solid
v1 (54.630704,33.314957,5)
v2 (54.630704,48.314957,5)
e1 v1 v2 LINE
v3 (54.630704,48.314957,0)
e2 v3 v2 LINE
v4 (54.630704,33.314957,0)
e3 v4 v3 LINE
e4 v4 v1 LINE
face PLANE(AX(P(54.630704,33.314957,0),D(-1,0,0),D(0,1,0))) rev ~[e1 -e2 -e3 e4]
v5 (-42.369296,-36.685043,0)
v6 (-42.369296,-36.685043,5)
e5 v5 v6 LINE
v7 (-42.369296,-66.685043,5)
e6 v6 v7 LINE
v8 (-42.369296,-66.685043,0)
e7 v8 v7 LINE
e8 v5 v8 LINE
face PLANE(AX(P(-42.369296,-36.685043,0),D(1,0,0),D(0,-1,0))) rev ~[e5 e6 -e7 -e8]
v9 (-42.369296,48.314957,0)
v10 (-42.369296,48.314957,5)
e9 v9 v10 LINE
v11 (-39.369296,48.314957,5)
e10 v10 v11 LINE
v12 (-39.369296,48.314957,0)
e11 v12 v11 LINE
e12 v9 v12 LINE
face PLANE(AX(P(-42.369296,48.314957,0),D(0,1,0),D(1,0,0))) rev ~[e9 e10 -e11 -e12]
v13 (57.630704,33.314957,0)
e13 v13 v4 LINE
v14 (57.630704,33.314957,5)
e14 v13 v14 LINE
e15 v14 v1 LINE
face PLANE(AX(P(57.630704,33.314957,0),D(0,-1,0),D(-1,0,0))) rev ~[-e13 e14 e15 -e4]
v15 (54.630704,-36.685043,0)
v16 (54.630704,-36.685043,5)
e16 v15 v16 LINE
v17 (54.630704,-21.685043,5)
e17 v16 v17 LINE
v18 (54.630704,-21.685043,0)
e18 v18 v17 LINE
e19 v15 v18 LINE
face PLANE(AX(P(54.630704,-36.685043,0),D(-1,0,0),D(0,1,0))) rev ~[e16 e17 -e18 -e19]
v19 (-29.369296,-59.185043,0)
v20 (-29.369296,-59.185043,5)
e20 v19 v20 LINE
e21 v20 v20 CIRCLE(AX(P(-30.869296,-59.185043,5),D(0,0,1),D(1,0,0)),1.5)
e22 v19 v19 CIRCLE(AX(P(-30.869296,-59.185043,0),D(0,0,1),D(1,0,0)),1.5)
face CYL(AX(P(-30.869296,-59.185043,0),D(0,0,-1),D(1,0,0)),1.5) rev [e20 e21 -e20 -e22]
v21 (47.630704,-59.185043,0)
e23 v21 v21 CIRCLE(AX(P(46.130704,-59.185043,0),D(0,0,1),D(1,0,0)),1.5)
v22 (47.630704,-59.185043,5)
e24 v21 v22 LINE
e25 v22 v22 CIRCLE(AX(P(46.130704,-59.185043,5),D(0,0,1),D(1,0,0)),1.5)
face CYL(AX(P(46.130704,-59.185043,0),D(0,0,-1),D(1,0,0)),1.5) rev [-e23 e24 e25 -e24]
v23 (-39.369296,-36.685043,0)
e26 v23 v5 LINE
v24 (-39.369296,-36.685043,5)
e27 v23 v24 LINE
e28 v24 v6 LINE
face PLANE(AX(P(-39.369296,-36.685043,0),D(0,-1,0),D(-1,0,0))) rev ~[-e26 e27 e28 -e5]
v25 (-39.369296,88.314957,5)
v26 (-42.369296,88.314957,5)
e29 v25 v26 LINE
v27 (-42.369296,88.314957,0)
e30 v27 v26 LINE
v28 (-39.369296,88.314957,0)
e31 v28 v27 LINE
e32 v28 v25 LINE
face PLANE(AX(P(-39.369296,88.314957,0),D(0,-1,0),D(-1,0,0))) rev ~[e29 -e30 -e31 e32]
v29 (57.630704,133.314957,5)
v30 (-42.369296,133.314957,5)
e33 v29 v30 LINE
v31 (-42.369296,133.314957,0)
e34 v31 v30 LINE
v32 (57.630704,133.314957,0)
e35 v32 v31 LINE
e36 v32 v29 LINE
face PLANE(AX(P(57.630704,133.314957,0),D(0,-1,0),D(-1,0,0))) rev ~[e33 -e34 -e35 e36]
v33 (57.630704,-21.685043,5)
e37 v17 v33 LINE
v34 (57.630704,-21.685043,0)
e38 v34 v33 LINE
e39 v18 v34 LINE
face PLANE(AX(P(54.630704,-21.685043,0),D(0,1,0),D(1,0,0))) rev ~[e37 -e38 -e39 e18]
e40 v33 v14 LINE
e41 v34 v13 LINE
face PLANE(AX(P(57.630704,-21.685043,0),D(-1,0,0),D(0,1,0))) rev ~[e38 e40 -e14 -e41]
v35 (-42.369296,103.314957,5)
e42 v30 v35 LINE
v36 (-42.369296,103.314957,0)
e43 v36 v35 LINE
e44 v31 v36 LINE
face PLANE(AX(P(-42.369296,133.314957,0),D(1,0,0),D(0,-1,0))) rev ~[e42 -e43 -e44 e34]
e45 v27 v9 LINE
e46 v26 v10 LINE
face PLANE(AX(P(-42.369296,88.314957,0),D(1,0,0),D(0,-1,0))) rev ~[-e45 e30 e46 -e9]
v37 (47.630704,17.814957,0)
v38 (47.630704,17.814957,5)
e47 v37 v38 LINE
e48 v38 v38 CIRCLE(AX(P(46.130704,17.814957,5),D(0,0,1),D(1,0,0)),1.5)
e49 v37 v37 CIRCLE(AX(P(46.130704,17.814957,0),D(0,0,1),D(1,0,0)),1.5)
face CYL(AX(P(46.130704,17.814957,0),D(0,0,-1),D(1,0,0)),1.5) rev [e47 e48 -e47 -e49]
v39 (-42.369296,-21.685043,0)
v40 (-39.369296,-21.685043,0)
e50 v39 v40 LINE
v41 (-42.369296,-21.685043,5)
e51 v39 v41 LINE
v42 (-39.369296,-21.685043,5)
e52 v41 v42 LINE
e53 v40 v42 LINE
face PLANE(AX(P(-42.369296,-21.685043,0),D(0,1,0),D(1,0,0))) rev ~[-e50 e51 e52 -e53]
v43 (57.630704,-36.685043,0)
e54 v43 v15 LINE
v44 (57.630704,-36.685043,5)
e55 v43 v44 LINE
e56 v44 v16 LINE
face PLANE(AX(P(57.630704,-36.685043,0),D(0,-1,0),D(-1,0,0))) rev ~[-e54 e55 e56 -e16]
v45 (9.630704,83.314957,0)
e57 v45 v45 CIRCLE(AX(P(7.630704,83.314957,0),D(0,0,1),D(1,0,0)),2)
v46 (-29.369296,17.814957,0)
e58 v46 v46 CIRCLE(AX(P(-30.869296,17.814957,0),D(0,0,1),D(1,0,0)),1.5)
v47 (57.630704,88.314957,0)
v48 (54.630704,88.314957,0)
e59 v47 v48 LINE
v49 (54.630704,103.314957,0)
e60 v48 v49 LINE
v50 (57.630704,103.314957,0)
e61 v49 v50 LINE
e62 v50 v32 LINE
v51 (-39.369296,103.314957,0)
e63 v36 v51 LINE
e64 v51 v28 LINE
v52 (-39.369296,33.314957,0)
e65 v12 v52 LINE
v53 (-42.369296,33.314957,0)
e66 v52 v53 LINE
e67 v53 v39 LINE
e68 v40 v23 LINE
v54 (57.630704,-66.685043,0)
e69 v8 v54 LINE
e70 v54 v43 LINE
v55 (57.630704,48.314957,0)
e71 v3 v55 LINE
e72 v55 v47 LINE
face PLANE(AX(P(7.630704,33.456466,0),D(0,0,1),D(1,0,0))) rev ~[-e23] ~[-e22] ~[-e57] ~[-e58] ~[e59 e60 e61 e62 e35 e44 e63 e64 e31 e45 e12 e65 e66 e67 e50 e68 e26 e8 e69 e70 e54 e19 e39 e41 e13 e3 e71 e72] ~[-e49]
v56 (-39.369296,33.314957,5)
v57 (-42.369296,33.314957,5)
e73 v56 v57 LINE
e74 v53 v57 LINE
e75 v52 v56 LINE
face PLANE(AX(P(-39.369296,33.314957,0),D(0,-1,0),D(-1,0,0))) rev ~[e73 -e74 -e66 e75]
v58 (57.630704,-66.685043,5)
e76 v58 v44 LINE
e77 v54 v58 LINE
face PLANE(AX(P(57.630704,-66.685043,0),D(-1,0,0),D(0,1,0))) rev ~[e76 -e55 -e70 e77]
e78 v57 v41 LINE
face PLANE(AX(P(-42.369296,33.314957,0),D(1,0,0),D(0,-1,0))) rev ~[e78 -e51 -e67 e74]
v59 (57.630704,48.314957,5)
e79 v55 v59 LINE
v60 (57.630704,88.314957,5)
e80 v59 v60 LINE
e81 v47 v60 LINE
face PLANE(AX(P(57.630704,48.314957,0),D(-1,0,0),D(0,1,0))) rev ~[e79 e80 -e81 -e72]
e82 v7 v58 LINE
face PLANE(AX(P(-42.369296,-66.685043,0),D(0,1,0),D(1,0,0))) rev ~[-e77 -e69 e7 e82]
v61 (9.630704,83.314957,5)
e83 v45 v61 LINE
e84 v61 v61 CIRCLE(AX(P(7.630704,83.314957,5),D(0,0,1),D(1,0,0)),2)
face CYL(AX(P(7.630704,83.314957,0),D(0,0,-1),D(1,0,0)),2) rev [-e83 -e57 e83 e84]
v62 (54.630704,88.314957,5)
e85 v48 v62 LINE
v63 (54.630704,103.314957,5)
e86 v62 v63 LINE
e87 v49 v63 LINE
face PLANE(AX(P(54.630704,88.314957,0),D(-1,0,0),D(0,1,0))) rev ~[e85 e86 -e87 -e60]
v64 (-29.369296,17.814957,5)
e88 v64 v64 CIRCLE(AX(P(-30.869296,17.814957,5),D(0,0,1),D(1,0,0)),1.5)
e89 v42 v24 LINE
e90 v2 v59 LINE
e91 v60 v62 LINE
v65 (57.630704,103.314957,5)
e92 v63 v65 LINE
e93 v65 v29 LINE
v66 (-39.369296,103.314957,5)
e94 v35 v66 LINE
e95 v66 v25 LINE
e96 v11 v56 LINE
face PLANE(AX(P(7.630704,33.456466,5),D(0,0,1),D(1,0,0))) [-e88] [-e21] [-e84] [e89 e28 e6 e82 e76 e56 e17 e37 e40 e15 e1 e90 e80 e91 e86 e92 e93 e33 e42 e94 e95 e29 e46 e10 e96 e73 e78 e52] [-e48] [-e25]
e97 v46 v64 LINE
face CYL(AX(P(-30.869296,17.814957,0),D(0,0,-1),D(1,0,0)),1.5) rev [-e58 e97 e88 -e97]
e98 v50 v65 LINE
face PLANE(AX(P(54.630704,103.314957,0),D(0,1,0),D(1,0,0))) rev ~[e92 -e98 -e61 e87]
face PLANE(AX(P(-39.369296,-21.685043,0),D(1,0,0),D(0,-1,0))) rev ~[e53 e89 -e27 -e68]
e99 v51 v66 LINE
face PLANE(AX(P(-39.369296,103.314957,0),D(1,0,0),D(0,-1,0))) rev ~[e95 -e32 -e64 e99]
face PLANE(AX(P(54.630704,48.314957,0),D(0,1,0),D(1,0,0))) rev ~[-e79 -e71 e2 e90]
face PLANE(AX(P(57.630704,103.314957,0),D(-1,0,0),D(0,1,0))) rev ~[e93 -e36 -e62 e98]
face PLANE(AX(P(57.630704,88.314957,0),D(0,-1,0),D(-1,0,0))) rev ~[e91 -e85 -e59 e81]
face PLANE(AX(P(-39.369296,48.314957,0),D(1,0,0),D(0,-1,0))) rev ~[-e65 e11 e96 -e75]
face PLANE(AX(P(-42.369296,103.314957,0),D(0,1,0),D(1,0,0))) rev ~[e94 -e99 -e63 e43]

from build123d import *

# Parameters (mm, degrees)
F0_R     = 1.5
F0_R_2   = 2
F1_DEPTH = 5


with BuildPart() as f1:
    # F0 (on Top) → F1 (new body)
    with BuildSketch(Plane.XY):
        Polygon((57.630704, 133.314957), (-42.369296, 133.314957), (-42.369296, 103.314957), (-39.369296, 103.314957), (-39.369296, 88.314957), (-42.369296, 88.314957), (-42.369296, 48.314957), (-39.369296, 48.314957), (-39.369296, 33.314957), (-42.369296, 33.314957), (-42.369296, -21.685043), (-39.369296, -21.685043), (-39.369296, -36.685043), (-42.369296, -36.685043), (-42.369296, -66.685043), (57.630704, -66.685043), (57.630704, -36.685043), (54.630704, -36.685043), (54.630704, -21.685043), (57.630704, -21.685043), (57.630704, 33.314957), (54.630704, 33.314957), (54.630704, 48.314957), (57.630704, 48.314957), (57.630704, 88.314957), (54.630704, 88.314957), (54.630704, 103.314957), (57.630704, 103.314957), align=None)
        with Locations((-30.869296, -59.185043)):
            Circle(F0_R, mode=Mode.SUBTRACT)
        with Locations((-30.869296, 17.814957)):
            Circle(F0_R, mode=Mode.SUBTRACT)
        with Locations((46.130704, -59.185043)):
            Circle(F0_R, mode=Mode.SUBTRACT)
        with Locations((46.130704, 17.814957)):
            Circle(F0_R, mode=Mode.SUBTRACT)
        with Locations((7.630704, 83.314957)):
            Circle(F0_R_2, mode=Mode.SUBTRACT)
    extrude(amount=F1_DEPTH)


solid = f1.part
